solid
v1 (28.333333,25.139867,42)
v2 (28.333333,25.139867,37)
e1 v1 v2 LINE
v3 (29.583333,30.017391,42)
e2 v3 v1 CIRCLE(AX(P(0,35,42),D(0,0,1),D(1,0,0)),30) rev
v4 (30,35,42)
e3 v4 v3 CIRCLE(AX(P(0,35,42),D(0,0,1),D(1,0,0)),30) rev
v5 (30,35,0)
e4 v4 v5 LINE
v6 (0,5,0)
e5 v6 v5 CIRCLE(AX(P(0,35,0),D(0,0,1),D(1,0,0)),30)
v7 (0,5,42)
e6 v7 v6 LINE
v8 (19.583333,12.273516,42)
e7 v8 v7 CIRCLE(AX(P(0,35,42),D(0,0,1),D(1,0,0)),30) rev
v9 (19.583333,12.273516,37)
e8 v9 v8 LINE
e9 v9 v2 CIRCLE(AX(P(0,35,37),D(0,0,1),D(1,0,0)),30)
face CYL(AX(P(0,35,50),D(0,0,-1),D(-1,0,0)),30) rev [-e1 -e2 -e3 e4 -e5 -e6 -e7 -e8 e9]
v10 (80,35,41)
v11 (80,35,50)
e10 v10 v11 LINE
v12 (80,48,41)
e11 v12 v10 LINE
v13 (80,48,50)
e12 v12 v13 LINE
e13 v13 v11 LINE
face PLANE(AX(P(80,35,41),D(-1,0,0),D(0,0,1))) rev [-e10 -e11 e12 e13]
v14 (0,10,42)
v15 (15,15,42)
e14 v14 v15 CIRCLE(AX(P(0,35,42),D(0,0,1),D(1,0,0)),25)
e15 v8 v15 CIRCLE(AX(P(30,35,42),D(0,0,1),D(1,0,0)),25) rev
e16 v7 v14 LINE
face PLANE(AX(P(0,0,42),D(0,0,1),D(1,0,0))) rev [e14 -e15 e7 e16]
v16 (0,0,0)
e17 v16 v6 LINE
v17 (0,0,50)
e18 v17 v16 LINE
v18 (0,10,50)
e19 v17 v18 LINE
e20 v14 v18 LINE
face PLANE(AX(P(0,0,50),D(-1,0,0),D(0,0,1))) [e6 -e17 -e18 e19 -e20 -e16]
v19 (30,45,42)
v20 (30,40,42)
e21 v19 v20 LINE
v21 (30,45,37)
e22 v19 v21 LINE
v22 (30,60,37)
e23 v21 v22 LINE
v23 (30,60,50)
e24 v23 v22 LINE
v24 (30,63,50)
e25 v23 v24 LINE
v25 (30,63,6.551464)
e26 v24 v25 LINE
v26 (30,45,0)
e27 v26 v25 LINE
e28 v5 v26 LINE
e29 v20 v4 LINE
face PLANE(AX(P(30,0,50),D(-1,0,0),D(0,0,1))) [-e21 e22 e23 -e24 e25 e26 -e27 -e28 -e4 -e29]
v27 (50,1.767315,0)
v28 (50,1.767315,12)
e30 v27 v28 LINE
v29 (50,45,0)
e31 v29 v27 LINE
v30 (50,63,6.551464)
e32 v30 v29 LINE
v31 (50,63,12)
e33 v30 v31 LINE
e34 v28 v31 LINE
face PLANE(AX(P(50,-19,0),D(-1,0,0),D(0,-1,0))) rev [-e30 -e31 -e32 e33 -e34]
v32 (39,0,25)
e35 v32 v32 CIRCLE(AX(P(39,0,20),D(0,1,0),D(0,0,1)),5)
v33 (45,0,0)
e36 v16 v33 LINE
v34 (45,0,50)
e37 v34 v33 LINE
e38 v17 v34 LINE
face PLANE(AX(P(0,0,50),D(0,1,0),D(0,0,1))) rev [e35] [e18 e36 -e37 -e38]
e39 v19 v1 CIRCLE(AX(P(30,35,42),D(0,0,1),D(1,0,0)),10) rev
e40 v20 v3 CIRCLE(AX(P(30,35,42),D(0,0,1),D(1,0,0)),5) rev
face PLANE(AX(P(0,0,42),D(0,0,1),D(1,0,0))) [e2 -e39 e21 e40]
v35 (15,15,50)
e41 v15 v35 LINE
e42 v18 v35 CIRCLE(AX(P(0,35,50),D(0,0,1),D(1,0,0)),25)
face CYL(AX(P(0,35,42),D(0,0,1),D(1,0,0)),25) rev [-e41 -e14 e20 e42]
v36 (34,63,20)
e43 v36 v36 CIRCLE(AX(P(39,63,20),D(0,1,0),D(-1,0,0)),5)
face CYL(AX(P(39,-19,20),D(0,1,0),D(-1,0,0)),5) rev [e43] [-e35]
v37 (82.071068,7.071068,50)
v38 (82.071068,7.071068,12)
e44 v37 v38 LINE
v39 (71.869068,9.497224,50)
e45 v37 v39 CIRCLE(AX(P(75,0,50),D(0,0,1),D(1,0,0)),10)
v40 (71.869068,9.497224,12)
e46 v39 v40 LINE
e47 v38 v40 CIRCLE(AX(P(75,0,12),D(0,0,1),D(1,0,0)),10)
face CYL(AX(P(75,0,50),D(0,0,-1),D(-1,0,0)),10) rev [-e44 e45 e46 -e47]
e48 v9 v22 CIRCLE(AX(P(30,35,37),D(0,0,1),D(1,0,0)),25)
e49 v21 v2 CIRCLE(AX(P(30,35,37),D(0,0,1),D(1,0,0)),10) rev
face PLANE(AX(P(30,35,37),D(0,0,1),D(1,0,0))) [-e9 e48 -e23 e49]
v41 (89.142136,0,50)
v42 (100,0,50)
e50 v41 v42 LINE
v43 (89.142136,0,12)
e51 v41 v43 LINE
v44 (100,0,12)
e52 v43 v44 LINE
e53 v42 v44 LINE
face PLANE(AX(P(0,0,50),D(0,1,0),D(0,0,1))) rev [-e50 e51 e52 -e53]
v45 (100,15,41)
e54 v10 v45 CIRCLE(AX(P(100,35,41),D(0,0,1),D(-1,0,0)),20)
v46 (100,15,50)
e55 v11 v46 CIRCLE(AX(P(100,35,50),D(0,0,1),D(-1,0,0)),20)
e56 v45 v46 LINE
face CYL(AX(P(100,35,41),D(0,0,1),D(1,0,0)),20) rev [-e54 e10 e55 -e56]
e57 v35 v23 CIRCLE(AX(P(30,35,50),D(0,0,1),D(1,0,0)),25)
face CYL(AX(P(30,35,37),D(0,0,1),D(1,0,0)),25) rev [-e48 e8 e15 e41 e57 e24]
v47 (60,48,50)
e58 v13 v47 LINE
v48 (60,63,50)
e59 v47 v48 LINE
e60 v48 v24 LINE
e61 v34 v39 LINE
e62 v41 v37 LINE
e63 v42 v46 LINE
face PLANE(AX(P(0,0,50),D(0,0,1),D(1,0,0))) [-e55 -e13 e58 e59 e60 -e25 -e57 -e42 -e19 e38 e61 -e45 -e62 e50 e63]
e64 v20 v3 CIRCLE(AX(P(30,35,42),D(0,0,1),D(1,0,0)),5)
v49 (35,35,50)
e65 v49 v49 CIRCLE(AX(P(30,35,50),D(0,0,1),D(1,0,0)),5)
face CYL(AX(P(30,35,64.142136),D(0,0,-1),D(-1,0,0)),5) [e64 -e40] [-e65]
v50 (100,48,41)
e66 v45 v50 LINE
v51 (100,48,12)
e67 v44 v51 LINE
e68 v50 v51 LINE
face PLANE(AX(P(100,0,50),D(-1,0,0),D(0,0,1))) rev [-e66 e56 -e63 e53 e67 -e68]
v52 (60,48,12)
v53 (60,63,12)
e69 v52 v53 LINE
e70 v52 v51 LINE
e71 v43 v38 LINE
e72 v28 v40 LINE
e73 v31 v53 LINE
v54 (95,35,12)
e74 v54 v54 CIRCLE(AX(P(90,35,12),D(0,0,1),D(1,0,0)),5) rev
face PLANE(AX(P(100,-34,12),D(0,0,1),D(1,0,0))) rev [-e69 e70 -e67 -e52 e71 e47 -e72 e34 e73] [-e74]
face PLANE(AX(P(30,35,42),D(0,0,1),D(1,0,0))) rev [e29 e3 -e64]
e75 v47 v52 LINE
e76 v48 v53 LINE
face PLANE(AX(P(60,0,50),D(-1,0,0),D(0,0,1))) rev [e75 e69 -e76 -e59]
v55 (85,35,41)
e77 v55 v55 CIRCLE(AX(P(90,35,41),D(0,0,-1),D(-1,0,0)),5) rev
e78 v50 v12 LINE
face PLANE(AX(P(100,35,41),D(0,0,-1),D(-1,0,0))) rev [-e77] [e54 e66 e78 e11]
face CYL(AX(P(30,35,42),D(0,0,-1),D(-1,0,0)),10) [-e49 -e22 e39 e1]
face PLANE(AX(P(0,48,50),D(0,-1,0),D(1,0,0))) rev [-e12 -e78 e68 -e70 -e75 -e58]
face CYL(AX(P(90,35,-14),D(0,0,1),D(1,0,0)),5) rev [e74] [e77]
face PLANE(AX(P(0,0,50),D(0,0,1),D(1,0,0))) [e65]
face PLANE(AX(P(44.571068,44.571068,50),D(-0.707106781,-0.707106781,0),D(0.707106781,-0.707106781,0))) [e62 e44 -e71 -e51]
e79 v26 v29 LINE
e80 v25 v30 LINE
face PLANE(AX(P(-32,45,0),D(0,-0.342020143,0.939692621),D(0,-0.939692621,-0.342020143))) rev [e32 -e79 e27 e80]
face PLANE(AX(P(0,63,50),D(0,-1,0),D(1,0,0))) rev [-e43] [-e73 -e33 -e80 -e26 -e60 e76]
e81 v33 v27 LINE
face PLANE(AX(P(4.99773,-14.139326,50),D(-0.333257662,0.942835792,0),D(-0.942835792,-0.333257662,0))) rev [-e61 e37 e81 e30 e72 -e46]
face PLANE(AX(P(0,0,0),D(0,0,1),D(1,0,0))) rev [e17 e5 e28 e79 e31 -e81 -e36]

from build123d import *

# Parameters (mm, degrees)
BOSS_EXTRUDE1_DEPTH = 50
SKETCH3_R           = 5
CUT_EXTRUDE1_DEPTH  = 64
CUT_EXTRUDE2_DEPTH  = 9
SKETCH7_R           = 5
CUT_EXTRUDE3_DEPTH  = 82
SKETCH8_W           = 40
SKETCH8_H           = 12
CUT_EXTRUDE4_DEPTH  = 82
SKETCH9_W           = 10
SKETCH9_H           = 12
CUT_EXTRUDE5_DEPTH  = 82
CUT_EXTRUDE6_DEPTH  = 82
SKETCH11_R          = 25
CUT_EXTRUDE7_DEPTH  = 13
BOSS_EXTRUDE2_DEPTH = 8
BOSS_EXTRUDE3_DEPTH = 5
SKETCH14_R          = 5
BOSS_EXTRUDE4_DEPTH = 8


with BuildPart() as part:
    # Sketch1 → Boss-Extrude1 (new body)
    with BuildSketch(Plane.XY):
        with BuildLine():
            Line((0, 5), (0, 0))
            Line((0, 0), (45, 0))
            Line((45, 0), (71.869067897, 9.497224024))
            ThreePointArc((71.869067897, 9.497224024), (77.313595869, 9.728683064), (82.071067812, 7.071067812))
            Line((82.071067812, 7.071067812), (89.142135624, 0))
            Line((89.142135624, 0), (100, 0))
            Line((100, 0), (100, 48))
            Line((100, 48), (60, 48))
            Line((60, 48), (60, 63))
            Line((60, 63), (30, 63))
            Line((30, 63), (30, 35))
            ThreePointArc((30, 35), (21.213203436, 13.786796564), (0, 5))
        make_face()
    extrude(amount=BOSS_EXTRUDE1_DEPTH)

    # Sketch3 → Cut-Extrude1 (cut)
    with BuildSketch(Plane.XY.offset(50)):
        with Locations((90, 35)):
            Circle(SKETCH3_R)
    extrude(amount=-CUT_EXTRUDE1_DEPTH, mode=Mode.SUBTRACT)

    # Sketch6 → Cut-Extrude2 (cut)
    with BuildSketch(Plane.XY.offset(50)):
        with BuildLine():
            Line((80, 48), (100, 48))
            Line((100, 48), (100, 35))
            Line((100, 35), (100, 15))
            ThreePointArc((100, 15), (85.857864376, 20.857864376), (80, 35))
            Line((80, 35), (80, 48))
        make_face()
    extrude(amount=-CUT_EXTRUDE2_DEPTH, mode=Mode.SUBTRACT)

    # Sketch7 → Cut-Extrude3 (cut)
    with BuildSketch(Plane(origin=(0, 63, 0), x_dir=(1, 0, 0), z_dir=(0, 1, 0))):
        with Locations(Location((39, -20, 0), (0, 0, 180))):
            Circle(SKETCH7_R)
    extrude(amount=-CUT_EXTRUDE3_DEPTH, mode=Mode.SUBTRACT)

    # Sketch8 → Cut-Extrude4 (cut)
    with BuildSketch(Plane(origin=(0, 48, 0), x_dir=(1, 0, 0), z_dir=(0, 1, 0))):
        with Locations((80, -6)):
            Rectangle(SKETCH8_W, SKETCH8_H)
    extrude(amount=-CUT_EXTRUDE4_DEPTH, mode=Mode.SUBTRACT)

    # Sketch9 → Cut-Extrude5 (cut)
    with BuildSketch(Plane(origin=(0, 63, 0), x_dir=(1, 0, 0), z_dir=(0, 1, 0))):
        with Locations((55, -6)):
            Rectangle(SKETCH9_W, SKETCH9_H)
    extrude(amount=-CUT_EXTRUDE5_DEPTH, mode=Mode.SUBTRACT)

    # Sketch10 → Cut-Extrude6 (cut)
    with BuildSketch(Plane(origin=(50, 0, 0), x_dir=(0, 0, -1), z_dir=(1, 0, 0))):
        Polygon((0, 63), (0, 45), (-6.551464217, 63), align=None)
    extrude(amount=-CUT_EXTRUDE6_DEPTH, mode=Mode.SUBTRACT)

    # Sketch11 → Cut-Extrude7 (cut)
    with BuildSketch(Plane.XY.offset(50)):
        with Locations((30, 35)):
            Circle(SKETCH11_R)
    extrude(amount=-CUT_EXTRUDE7_DEPTH, mode=Mode.SUBTRACT)

    # Sketch12 → Boss-Extrude2 (add)
    with BuildSketch(Plane.XY.offset(50)):
        with BuildLine():
            ThreePointArc((19.583333333, 12.273516428), (17.218757327, 13.514194553), (15, 15))
            ThreePointArc((15, 15), (7.90569415, 11.282917549), (0, 10))
            Line((0, 10), (0, 5))
            ThreePointArc((0, 5), (10.445226011, 6.877104459), (19.583333333, 12.273516428))
        make_face()
    extrude(amount=-BOSS_EXTRUDE2_DEPTH)

    # Sketch13 → Boss-Extrude3 (add)
    with BuildSketch(Plane.XY.offset(37)):
        with BuildLine():
            ThreePointArc((28.333333333, 25.139867028), (39.964971895, 34.163737397), (30, 45))
            Line((30, 45), (30, 35))
            ThreePointArc((30, 35), (29.580398915, 30), (28.333333333, 25.139867028))
        make_face()
    extrude(amount=BOSS_EXTRUDE3_DEPTH)

    # Sketch14 → Boss-Extrude4 (add)
    with BuildSketch(Plane.XY.offset(42)):
        with Locations(Location((30, 35, 0), (0, 0, 265.219808153))):
            Circle(SKETCH14_R)
    extrude(amount=BOSS_EXTRUDE4_DEPTH)


solid = part.part
